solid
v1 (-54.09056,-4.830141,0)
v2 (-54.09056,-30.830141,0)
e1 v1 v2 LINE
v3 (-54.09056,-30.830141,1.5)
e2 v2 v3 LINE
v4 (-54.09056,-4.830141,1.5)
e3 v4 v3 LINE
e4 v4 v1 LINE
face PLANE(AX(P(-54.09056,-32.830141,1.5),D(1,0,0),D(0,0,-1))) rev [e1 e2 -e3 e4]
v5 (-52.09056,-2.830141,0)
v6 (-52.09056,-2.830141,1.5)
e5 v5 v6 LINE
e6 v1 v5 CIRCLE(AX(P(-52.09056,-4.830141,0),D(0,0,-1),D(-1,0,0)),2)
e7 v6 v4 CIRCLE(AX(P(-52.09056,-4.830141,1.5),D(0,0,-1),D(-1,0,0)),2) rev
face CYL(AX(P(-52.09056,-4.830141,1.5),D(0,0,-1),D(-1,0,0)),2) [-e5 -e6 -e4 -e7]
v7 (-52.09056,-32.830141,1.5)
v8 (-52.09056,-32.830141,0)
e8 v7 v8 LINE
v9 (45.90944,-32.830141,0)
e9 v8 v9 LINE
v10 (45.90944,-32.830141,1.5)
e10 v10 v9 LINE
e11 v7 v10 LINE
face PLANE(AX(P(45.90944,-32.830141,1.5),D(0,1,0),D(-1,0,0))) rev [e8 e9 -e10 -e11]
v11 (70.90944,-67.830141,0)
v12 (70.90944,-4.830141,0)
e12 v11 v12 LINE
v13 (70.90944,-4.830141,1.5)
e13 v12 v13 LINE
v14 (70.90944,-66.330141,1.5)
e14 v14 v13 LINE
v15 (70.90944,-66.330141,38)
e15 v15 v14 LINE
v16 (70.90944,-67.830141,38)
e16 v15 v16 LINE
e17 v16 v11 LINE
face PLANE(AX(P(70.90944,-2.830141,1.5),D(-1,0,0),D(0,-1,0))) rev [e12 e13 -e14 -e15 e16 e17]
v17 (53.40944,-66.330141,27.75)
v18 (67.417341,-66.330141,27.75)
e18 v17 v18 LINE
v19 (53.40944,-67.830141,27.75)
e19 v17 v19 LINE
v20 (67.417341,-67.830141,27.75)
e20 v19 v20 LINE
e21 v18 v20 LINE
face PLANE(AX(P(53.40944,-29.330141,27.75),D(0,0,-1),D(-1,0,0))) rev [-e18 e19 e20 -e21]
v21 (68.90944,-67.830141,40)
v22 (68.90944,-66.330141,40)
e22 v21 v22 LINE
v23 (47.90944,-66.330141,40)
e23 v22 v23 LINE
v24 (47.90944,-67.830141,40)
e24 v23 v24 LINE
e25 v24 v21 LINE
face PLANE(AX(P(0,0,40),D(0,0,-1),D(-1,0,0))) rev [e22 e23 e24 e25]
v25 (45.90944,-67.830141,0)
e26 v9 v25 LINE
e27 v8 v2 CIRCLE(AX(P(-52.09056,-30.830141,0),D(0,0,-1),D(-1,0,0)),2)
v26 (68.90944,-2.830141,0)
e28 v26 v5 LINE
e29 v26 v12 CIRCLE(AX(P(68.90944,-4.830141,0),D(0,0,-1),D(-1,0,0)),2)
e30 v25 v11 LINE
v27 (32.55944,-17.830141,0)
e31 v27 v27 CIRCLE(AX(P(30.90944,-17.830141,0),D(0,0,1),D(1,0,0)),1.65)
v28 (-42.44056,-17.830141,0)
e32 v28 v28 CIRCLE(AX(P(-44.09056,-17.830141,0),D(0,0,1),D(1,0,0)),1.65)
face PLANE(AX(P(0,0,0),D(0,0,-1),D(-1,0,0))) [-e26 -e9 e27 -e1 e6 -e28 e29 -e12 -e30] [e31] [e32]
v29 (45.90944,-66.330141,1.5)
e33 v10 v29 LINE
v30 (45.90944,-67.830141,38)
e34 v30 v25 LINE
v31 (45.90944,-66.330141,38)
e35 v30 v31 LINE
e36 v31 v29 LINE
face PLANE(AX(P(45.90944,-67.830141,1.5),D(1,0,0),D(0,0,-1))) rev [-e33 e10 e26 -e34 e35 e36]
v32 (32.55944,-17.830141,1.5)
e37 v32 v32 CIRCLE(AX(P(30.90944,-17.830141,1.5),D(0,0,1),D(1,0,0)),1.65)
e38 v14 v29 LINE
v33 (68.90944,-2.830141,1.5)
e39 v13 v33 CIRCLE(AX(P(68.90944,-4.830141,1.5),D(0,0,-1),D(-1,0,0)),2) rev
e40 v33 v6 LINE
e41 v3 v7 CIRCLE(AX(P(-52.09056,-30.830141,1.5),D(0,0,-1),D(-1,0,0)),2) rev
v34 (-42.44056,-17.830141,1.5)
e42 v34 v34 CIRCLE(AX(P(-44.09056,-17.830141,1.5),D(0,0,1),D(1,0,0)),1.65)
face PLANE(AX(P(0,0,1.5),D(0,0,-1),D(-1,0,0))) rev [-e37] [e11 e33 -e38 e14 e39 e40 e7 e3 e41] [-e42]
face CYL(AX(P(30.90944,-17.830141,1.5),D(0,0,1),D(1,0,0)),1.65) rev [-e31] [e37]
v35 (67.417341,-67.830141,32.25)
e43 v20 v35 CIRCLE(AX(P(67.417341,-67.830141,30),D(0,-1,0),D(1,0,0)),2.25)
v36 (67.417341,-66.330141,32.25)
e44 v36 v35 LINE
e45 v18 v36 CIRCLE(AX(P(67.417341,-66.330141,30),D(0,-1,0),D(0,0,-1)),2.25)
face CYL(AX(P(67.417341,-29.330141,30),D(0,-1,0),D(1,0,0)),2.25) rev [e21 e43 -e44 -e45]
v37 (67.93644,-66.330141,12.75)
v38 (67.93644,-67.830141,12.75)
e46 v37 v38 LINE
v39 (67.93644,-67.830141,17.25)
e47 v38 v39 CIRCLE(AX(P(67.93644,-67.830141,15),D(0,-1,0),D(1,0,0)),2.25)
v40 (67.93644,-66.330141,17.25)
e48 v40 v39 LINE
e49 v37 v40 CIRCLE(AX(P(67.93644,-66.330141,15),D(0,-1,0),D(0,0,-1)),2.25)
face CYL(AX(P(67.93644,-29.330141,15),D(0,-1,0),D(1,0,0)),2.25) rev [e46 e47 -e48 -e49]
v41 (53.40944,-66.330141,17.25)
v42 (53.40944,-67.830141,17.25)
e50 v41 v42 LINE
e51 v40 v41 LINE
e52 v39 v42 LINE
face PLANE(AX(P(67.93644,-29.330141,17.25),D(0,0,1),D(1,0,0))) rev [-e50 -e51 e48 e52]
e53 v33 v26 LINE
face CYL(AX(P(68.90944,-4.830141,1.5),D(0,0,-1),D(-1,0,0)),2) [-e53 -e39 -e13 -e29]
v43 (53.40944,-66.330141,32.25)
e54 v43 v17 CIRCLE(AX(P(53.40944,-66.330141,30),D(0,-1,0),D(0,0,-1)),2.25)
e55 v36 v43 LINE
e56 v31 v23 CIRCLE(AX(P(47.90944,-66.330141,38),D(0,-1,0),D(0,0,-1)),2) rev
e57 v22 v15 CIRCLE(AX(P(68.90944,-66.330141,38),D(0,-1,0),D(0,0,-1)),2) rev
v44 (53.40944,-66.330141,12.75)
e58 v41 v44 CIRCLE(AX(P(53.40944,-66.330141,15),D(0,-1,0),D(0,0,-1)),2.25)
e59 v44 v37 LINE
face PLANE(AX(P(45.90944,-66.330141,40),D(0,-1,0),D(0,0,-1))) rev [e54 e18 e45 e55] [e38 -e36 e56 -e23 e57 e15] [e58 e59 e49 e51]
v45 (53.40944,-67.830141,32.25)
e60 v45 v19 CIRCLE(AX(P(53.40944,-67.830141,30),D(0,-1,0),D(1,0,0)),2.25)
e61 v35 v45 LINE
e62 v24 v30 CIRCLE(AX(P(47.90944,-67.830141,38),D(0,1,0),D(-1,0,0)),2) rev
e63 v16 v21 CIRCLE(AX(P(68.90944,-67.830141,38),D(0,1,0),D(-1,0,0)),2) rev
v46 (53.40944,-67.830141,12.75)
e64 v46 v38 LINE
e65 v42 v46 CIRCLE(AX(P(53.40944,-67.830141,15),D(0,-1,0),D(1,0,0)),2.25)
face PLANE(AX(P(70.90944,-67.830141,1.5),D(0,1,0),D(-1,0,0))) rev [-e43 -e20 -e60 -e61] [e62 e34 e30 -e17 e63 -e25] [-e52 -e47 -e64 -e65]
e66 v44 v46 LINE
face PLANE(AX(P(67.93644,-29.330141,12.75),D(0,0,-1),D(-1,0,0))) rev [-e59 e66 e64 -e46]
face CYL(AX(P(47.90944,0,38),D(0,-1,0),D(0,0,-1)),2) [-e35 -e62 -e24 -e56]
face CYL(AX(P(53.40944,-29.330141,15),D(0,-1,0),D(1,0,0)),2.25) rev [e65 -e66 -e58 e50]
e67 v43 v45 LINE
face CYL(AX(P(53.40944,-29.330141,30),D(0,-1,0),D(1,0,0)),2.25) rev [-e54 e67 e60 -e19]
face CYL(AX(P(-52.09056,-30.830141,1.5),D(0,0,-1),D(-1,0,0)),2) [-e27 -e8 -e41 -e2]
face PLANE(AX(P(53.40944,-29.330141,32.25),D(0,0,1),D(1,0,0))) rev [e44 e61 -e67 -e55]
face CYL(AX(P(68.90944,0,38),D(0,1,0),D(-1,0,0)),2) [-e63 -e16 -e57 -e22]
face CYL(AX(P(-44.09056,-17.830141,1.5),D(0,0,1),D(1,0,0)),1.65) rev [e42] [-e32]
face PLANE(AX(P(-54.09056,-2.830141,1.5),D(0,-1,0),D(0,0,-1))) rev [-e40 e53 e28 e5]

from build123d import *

# Parameters (mm, degrees)
BOSS_EXTRUDE1_DEPTH   = 1.5
SKETCH2_W             = 25
SKETCH2_H             = 1.5
BOSS_EXTRUDE2_DEPTH   = 38.5
FILLET1_R             = 2
CUT_EXTRUDE1_DEPTH    = 38.5
M4X0_7_TAPPED_HOLE1_D = 3.3


with BuildPart() as part:
    # Sketch1 → Boss-Extrude1 (new body)
    with BuildSketch(Plane.XY):
        Polygon((-54.090560102, -2.830140877), (70.909439898, -2.830140877), (70.909439898, -67.830140877), (45.909439898, -67.830140877), (45.909439898, -32.830140877), (-54.090560102, -32.830140877), align=None)
    extrude(amount=BOSS_EXTRUDE1_DEPTH)

    # Sketch2 → Boss-Extrude2 (add)
    with BuildSketch(Plane.XY.offset(1.5)):
        with Locations((58.409439898, -67.080140877)):
            Rectangle(SKETCH2_W, SKETCH2_H)
    extrude(amount=BOSS_EXTRUDE2_DEPTH)

    # Fillet1
    fillet1_edges = [part.edges().sort_by_distance(p)[0] for p in [
        (-54.090560102, -2.830140877, 0.75),
        (70.909439898, -2.830140877, 0.75),
        (-54.090560102, -32.830140877, 0.75),
        (45.909439898, -67.080140877, 40),
        (70.909439898, -67.080140877, 40),
    ]]
    fillet(fillet1_edges, radius=FILLET1_R)

    # Sketch3 → Cut-Extrude1 (cut)
    with BuildSketch(Plane.XZ.offset(67.830140877)):
        with BuildLine():
            Line((53.409439898, 32.25), (67.417341478, 32.25))
            ThreePointArc((67.417341478, 32.25), (69.667341478, 30), (67.417341478, 27.75))
            Line((67.417341478, 27.75), (53.409439898, 27.75))
            ThreePointArc((53.409439898, 27.75), (51.159439898, 30), (53.409439898, 32.25))
        make_face()
        with BuildLine():
            Line((67.936439633, 12.75), (53.409439898, 12.75))
            ThreePointArc((53.409439898, 12.75), (51.159439898, 15), (53.409439898, 17.25))
            Line((53.409439898, 17.25), (67.936439633, 17.25))
            ThreePointArc((67.936439633, 17.25), (70.186439633, 15), (67.936439633, 12.75))
        make_face()
    extrude(amount=-CUT_EXTRUDE1_DEPTH, mode=Mode.SUBTRACT)

    # M4x0.7 Tapped Hole1 (through all)
    with Locations(Plane.XY.offset(1.5)):
        with Locations((-44.090560102, -17.830140877), (30.909439898, -17.830140877)):
            Hole(M4X0_7_TAPPED_HOLE1_D / 2)


solid = part.part
